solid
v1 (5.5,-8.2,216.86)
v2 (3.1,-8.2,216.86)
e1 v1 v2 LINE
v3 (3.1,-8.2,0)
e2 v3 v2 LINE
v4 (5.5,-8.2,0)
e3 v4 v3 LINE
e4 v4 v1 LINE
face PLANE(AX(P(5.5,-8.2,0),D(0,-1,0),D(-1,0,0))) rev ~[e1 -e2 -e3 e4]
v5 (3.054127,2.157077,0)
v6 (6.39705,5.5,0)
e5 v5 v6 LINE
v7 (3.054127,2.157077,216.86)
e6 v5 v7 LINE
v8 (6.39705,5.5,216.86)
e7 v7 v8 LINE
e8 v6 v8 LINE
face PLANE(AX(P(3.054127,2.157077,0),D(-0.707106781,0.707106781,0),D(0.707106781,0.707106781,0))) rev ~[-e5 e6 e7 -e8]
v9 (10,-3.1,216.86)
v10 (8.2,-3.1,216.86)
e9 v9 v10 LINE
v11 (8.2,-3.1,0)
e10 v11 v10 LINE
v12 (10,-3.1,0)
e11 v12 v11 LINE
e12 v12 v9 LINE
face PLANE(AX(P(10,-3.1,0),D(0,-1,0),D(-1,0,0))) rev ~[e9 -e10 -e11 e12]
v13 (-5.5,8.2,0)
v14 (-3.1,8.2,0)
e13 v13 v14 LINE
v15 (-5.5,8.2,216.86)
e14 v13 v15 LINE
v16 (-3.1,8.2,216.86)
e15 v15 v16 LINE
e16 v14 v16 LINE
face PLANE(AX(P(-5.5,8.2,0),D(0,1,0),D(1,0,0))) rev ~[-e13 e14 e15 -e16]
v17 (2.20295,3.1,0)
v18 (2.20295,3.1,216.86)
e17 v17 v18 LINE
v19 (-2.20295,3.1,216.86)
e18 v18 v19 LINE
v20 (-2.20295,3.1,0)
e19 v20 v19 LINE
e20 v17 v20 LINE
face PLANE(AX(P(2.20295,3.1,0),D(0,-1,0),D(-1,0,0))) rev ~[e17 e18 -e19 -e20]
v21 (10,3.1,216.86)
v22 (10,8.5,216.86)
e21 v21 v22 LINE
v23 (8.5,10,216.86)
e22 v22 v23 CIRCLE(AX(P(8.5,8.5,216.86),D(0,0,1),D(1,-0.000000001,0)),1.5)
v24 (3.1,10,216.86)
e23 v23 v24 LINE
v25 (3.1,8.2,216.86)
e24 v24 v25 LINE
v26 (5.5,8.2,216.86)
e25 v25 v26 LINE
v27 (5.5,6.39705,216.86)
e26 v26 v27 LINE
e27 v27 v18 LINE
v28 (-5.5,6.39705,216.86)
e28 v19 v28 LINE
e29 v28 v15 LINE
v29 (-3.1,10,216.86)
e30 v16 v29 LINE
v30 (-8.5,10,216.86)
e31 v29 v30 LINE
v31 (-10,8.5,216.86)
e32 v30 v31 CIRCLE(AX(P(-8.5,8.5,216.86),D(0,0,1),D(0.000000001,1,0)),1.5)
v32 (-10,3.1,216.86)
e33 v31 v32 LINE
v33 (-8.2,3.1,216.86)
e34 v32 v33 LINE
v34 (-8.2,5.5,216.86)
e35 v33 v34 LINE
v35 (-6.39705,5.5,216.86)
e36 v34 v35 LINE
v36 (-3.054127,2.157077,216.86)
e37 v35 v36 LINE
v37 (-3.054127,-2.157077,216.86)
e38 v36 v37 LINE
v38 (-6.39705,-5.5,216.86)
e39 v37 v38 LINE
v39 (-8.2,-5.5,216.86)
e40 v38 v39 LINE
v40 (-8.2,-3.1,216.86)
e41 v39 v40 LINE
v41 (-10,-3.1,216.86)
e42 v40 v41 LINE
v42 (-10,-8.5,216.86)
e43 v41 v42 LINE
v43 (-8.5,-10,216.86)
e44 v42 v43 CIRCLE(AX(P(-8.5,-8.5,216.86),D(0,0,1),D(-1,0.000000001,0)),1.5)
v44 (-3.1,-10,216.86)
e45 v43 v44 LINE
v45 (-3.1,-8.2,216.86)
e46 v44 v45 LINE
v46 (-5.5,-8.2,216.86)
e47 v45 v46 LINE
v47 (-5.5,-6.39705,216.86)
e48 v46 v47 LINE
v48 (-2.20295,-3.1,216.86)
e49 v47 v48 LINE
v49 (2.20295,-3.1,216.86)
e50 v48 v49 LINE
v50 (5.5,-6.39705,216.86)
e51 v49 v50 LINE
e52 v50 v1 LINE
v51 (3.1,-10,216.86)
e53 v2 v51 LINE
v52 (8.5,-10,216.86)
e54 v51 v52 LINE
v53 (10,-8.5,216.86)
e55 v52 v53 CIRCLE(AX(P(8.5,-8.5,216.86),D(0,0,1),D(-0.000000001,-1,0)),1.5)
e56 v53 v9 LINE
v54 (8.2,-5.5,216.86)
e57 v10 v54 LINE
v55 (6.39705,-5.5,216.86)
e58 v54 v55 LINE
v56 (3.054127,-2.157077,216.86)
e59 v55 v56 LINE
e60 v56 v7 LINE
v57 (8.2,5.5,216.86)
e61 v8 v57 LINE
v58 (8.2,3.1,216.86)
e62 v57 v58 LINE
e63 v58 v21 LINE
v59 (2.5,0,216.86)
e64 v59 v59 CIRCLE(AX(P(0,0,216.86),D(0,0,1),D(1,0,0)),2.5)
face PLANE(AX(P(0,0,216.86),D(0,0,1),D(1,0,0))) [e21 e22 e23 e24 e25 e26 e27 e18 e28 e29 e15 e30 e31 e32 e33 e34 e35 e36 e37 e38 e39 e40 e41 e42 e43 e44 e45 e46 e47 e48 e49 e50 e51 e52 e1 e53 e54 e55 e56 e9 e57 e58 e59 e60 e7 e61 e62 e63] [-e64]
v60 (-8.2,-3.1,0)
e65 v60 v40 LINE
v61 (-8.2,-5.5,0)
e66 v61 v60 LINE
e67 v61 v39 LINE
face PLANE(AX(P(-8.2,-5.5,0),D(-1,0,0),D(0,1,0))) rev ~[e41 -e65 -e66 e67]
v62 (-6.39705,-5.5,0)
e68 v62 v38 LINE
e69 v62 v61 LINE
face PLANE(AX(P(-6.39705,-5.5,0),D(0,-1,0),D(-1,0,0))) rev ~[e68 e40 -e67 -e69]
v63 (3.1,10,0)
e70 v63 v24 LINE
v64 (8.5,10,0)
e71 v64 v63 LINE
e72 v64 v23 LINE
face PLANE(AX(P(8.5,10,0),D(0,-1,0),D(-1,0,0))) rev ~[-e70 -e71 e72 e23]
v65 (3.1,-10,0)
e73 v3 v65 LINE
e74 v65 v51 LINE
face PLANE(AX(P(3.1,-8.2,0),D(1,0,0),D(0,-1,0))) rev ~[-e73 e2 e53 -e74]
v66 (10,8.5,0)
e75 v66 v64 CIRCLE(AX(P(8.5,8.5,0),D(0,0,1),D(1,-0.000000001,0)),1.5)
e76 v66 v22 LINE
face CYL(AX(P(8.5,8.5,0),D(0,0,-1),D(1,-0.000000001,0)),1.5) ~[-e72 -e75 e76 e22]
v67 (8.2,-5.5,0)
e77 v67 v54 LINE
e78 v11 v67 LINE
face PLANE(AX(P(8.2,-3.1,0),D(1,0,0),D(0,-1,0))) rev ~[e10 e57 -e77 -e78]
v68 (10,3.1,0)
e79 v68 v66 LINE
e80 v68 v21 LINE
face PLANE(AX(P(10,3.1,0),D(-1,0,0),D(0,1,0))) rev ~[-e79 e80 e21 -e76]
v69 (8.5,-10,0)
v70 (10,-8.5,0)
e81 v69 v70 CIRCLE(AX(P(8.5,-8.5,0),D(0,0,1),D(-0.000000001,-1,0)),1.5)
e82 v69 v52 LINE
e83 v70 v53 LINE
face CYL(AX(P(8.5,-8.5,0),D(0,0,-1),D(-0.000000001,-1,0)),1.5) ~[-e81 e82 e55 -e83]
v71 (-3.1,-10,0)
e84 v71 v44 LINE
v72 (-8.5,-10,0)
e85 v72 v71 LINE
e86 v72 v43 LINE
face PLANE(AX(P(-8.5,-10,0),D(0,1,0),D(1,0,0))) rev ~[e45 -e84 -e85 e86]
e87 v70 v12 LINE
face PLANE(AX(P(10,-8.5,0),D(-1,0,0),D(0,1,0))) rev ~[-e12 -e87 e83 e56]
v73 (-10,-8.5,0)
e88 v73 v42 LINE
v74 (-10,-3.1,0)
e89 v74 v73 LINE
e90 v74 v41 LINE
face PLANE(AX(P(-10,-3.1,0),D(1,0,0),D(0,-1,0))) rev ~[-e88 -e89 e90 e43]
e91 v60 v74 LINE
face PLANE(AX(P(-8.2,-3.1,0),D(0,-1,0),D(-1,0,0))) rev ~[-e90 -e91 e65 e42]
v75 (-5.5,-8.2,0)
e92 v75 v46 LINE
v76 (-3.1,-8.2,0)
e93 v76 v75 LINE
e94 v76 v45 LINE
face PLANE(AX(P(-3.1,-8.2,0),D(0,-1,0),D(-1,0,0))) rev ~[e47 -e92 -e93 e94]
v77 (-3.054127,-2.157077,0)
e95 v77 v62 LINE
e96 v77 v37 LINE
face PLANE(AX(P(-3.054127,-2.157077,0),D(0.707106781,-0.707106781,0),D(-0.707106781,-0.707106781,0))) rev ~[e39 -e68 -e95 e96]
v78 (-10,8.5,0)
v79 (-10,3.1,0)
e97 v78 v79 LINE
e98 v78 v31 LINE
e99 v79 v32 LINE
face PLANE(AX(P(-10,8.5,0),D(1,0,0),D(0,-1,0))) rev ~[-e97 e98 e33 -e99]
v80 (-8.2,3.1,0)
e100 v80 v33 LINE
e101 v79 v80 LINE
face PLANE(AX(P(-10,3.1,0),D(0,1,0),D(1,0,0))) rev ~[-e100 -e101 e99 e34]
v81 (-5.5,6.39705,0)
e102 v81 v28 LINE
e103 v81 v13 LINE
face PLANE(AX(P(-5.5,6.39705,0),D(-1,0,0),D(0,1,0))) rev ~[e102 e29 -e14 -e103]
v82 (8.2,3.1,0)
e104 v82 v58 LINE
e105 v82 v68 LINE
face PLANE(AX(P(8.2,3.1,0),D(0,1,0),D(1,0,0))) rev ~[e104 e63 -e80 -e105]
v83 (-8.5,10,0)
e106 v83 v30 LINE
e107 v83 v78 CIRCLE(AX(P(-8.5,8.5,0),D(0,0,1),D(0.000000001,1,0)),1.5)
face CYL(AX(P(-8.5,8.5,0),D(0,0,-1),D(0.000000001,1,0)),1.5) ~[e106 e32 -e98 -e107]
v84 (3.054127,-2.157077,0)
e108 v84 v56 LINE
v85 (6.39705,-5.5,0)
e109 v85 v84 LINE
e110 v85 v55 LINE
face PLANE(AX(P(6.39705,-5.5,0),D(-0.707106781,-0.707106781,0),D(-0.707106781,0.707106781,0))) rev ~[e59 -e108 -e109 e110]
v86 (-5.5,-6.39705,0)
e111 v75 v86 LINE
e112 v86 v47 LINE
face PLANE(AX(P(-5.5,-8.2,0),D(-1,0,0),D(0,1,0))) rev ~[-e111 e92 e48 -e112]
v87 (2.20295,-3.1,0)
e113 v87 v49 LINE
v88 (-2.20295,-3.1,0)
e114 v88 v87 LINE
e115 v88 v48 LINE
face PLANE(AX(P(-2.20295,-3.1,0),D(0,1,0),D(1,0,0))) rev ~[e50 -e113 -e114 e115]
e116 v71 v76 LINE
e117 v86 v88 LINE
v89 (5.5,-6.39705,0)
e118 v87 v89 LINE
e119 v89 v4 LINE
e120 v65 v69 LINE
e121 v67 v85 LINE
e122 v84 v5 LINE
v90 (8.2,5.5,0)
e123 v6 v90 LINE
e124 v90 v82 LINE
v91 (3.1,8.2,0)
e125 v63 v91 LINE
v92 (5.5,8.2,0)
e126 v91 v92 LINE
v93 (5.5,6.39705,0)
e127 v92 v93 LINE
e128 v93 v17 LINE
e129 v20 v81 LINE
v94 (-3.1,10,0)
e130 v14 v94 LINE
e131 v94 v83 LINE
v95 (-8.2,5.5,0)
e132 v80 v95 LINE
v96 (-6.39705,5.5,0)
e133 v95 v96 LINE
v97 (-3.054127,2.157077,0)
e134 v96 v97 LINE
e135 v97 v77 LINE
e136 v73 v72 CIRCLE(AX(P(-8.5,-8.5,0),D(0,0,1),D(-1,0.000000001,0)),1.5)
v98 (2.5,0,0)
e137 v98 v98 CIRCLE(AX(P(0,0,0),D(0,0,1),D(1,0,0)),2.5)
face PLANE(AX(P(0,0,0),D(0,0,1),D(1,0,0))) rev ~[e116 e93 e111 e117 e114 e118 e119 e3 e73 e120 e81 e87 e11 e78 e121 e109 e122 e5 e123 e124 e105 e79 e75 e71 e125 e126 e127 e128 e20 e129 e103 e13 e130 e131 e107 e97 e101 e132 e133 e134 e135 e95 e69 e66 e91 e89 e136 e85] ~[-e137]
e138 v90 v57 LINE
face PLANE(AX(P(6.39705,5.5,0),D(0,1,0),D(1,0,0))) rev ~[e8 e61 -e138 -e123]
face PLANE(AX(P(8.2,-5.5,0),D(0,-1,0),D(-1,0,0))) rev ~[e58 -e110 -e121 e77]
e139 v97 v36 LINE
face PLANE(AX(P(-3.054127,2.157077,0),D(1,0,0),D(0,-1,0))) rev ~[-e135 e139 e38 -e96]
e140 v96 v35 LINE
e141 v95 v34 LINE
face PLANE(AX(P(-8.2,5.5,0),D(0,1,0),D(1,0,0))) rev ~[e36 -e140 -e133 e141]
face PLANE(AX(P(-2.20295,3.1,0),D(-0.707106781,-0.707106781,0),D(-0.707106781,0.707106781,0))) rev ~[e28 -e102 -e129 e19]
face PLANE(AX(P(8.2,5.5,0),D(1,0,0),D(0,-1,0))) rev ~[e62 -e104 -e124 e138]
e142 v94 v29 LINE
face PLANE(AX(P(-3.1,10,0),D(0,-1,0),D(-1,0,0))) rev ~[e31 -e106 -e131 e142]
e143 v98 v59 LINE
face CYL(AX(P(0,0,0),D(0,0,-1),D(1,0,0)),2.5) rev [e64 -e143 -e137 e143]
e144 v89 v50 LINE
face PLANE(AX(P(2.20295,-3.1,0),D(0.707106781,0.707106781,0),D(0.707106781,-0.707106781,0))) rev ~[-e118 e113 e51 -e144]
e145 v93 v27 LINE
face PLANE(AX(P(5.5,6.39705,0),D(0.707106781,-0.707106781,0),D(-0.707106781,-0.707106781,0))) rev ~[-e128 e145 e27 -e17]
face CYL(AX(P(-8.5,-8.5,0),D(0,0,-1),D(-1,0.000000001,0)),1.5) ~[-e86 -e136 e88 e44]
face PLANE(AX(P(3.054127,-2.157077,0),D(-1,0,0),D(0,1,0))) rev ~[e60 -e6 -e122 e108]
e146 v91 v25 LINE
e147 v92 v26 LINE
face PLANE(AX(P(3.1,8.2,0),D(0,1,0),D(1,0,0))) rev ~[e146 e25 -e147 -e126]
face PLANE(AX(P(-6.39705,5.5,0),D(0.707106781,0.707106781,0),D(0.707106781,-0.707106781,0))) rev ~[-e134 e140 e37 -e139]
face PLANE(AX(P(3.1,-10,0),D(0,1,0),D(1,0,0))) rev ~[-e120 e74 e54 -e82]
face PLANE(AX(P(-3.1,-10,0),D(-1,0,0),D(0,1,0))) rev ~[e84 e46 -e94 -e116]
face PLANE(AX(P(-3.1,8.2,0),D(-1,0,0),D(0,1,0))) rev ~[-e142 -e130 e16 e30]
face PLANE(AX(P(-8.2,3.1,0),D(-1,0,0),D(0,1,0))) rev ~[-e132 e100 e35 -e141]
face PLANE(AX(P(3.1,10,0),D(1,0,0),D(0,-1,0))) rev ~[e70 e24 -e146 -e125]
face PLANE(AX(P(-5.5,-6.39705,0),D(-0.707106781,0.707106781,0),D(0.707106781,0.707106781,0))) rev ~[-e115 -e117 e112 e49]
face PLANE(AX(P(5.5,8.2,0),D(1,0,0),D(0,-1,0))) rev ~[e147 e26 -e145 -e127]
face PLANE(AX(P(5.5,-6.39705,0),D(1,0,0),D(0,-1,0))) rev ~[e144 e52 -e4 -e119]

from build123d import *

# Parameters (mm, degrees)
SKETCH_2_R      = 2.5
EXTRUDE_1_DEPTH = 216.86


with BuildPart() as part:
    # 草图2 → 凸台-拉伸1 (new body)
    with BuildSketch(Plane.XY):
        with BuildLine():
            Line((-8.2, -3.1), (-10, -3.1))
            Line((-10, -3.1), (-10, -8.5))
            ThreePointArc((-10, -8.5), (-9.560660172, -9.560660172), (-8.5, -10))
            Line((-8.5, -10), (-3.1, -10))
            Line((-3.1, -10), (-3.1, -8.2))
            Line((-3.1, -8.2), (-5.5, -8.2))
            Line((-5.5, -8.2), (-5.5, -6.397050155))
            Line((-5.5, -6.397050155), (-2.202949845, -3.1))
            Line((-2.202949845, -3.1), (2.202949845, -3.1))
            Line((2.202949845, -3.1), (5.5, -6.397050155))
            Line((5.5, -6.397050155), (5.5, -8.2))
            Line((5.5, -8.2), (3.1, -8.2))
            Line((3.1, -8.2), (3.1, -10))
            Line((3.1, -10), (8.5, -10))
            ThreePointArc((8.5, -10), (9.560660172, -9.560660172), (10, -8.5))
            Line((10, -8.5), (10, -3.1))
            Line((10, -3.1), (8.2, -3.1))
            Line((8.2, -3.1), (8.2, -5.5))
            Line((8.2, -5.5), (6.397050155, -5.5))
            Line((6.397050155, -5.5), (3.05412702, -2.157076865))
            Line((3.05412702, -2.157076865), (3.05412702, 2.157076865))
            Line((3.05412702, 2.157076865), (6.397050155, 5.5))
            Line((6.397050155, 5.5), (8.2, 5.5))
            Line((8.2, 5.5), (8.2, 3.1))
            Line((8.2, 3.1), (10, 3.1))
            Line((10, 3.1), (10, 8.5))
            ThreePointArc((10, 8.5), (9.560660172, 9.560660172), (8.5, 10))
            Line((8.5, 10), (3.1, 10))
            Line((3.1, 10), (3.1, 8.2))
            Line((3.1, 8.2), (5.5, 8.2))
            Line((5.5, 8.2), (5.5, 6.397050155))
            Line((5.5, 6.397050155), (2.202949845, 3.1))
            Line((2.202949845, 3.1), (-2.202949845, 3.1))
            Line((-2.202949845, 3.1), (-5.5, 6.397050155))
            Line((-5.5, 6.397050155), (-5.5, 8.2))
            Line((-5.5, 8.2), (-3.1, 8.2))
            Line((-3.1, 8.2), (-3.1, 10))
            Line((-3.1, 10), (-8.5, 10))
            ThreePointArc((-8.5, 10), (-9.560660172, 9.560660172), (-10, 8.5))
            Line((-10, 8.5), (-10, 3.1))
            Line((-10, 3.1), (-8.2, 3.1))
            Line((-8.2, 3.1), (-8.2, 5.5))
            Line((-8.2, 5.5), (-6.397050155, 5.5))
            Line((-6.397050155, 5.5), (-3.05412702, 2.157076865))
            Line((-3.05412702, 2.157076865), (-3.05412702, -2.157076865))
            Line((-3.05412702, -2.157076865), (-6.397050155, -5.5))
            Line((-6.397050155, -5.5), (-8.2, -5.5))
            Line((-8.2, -5.5), (-8.2, -3.1))
        make_face()
        Circle(SKETCH_2_R, mode=Mode.SUBTRACT)
    extrude(amount=EXTRUDE_1_DEPTH)


solid = part.part
